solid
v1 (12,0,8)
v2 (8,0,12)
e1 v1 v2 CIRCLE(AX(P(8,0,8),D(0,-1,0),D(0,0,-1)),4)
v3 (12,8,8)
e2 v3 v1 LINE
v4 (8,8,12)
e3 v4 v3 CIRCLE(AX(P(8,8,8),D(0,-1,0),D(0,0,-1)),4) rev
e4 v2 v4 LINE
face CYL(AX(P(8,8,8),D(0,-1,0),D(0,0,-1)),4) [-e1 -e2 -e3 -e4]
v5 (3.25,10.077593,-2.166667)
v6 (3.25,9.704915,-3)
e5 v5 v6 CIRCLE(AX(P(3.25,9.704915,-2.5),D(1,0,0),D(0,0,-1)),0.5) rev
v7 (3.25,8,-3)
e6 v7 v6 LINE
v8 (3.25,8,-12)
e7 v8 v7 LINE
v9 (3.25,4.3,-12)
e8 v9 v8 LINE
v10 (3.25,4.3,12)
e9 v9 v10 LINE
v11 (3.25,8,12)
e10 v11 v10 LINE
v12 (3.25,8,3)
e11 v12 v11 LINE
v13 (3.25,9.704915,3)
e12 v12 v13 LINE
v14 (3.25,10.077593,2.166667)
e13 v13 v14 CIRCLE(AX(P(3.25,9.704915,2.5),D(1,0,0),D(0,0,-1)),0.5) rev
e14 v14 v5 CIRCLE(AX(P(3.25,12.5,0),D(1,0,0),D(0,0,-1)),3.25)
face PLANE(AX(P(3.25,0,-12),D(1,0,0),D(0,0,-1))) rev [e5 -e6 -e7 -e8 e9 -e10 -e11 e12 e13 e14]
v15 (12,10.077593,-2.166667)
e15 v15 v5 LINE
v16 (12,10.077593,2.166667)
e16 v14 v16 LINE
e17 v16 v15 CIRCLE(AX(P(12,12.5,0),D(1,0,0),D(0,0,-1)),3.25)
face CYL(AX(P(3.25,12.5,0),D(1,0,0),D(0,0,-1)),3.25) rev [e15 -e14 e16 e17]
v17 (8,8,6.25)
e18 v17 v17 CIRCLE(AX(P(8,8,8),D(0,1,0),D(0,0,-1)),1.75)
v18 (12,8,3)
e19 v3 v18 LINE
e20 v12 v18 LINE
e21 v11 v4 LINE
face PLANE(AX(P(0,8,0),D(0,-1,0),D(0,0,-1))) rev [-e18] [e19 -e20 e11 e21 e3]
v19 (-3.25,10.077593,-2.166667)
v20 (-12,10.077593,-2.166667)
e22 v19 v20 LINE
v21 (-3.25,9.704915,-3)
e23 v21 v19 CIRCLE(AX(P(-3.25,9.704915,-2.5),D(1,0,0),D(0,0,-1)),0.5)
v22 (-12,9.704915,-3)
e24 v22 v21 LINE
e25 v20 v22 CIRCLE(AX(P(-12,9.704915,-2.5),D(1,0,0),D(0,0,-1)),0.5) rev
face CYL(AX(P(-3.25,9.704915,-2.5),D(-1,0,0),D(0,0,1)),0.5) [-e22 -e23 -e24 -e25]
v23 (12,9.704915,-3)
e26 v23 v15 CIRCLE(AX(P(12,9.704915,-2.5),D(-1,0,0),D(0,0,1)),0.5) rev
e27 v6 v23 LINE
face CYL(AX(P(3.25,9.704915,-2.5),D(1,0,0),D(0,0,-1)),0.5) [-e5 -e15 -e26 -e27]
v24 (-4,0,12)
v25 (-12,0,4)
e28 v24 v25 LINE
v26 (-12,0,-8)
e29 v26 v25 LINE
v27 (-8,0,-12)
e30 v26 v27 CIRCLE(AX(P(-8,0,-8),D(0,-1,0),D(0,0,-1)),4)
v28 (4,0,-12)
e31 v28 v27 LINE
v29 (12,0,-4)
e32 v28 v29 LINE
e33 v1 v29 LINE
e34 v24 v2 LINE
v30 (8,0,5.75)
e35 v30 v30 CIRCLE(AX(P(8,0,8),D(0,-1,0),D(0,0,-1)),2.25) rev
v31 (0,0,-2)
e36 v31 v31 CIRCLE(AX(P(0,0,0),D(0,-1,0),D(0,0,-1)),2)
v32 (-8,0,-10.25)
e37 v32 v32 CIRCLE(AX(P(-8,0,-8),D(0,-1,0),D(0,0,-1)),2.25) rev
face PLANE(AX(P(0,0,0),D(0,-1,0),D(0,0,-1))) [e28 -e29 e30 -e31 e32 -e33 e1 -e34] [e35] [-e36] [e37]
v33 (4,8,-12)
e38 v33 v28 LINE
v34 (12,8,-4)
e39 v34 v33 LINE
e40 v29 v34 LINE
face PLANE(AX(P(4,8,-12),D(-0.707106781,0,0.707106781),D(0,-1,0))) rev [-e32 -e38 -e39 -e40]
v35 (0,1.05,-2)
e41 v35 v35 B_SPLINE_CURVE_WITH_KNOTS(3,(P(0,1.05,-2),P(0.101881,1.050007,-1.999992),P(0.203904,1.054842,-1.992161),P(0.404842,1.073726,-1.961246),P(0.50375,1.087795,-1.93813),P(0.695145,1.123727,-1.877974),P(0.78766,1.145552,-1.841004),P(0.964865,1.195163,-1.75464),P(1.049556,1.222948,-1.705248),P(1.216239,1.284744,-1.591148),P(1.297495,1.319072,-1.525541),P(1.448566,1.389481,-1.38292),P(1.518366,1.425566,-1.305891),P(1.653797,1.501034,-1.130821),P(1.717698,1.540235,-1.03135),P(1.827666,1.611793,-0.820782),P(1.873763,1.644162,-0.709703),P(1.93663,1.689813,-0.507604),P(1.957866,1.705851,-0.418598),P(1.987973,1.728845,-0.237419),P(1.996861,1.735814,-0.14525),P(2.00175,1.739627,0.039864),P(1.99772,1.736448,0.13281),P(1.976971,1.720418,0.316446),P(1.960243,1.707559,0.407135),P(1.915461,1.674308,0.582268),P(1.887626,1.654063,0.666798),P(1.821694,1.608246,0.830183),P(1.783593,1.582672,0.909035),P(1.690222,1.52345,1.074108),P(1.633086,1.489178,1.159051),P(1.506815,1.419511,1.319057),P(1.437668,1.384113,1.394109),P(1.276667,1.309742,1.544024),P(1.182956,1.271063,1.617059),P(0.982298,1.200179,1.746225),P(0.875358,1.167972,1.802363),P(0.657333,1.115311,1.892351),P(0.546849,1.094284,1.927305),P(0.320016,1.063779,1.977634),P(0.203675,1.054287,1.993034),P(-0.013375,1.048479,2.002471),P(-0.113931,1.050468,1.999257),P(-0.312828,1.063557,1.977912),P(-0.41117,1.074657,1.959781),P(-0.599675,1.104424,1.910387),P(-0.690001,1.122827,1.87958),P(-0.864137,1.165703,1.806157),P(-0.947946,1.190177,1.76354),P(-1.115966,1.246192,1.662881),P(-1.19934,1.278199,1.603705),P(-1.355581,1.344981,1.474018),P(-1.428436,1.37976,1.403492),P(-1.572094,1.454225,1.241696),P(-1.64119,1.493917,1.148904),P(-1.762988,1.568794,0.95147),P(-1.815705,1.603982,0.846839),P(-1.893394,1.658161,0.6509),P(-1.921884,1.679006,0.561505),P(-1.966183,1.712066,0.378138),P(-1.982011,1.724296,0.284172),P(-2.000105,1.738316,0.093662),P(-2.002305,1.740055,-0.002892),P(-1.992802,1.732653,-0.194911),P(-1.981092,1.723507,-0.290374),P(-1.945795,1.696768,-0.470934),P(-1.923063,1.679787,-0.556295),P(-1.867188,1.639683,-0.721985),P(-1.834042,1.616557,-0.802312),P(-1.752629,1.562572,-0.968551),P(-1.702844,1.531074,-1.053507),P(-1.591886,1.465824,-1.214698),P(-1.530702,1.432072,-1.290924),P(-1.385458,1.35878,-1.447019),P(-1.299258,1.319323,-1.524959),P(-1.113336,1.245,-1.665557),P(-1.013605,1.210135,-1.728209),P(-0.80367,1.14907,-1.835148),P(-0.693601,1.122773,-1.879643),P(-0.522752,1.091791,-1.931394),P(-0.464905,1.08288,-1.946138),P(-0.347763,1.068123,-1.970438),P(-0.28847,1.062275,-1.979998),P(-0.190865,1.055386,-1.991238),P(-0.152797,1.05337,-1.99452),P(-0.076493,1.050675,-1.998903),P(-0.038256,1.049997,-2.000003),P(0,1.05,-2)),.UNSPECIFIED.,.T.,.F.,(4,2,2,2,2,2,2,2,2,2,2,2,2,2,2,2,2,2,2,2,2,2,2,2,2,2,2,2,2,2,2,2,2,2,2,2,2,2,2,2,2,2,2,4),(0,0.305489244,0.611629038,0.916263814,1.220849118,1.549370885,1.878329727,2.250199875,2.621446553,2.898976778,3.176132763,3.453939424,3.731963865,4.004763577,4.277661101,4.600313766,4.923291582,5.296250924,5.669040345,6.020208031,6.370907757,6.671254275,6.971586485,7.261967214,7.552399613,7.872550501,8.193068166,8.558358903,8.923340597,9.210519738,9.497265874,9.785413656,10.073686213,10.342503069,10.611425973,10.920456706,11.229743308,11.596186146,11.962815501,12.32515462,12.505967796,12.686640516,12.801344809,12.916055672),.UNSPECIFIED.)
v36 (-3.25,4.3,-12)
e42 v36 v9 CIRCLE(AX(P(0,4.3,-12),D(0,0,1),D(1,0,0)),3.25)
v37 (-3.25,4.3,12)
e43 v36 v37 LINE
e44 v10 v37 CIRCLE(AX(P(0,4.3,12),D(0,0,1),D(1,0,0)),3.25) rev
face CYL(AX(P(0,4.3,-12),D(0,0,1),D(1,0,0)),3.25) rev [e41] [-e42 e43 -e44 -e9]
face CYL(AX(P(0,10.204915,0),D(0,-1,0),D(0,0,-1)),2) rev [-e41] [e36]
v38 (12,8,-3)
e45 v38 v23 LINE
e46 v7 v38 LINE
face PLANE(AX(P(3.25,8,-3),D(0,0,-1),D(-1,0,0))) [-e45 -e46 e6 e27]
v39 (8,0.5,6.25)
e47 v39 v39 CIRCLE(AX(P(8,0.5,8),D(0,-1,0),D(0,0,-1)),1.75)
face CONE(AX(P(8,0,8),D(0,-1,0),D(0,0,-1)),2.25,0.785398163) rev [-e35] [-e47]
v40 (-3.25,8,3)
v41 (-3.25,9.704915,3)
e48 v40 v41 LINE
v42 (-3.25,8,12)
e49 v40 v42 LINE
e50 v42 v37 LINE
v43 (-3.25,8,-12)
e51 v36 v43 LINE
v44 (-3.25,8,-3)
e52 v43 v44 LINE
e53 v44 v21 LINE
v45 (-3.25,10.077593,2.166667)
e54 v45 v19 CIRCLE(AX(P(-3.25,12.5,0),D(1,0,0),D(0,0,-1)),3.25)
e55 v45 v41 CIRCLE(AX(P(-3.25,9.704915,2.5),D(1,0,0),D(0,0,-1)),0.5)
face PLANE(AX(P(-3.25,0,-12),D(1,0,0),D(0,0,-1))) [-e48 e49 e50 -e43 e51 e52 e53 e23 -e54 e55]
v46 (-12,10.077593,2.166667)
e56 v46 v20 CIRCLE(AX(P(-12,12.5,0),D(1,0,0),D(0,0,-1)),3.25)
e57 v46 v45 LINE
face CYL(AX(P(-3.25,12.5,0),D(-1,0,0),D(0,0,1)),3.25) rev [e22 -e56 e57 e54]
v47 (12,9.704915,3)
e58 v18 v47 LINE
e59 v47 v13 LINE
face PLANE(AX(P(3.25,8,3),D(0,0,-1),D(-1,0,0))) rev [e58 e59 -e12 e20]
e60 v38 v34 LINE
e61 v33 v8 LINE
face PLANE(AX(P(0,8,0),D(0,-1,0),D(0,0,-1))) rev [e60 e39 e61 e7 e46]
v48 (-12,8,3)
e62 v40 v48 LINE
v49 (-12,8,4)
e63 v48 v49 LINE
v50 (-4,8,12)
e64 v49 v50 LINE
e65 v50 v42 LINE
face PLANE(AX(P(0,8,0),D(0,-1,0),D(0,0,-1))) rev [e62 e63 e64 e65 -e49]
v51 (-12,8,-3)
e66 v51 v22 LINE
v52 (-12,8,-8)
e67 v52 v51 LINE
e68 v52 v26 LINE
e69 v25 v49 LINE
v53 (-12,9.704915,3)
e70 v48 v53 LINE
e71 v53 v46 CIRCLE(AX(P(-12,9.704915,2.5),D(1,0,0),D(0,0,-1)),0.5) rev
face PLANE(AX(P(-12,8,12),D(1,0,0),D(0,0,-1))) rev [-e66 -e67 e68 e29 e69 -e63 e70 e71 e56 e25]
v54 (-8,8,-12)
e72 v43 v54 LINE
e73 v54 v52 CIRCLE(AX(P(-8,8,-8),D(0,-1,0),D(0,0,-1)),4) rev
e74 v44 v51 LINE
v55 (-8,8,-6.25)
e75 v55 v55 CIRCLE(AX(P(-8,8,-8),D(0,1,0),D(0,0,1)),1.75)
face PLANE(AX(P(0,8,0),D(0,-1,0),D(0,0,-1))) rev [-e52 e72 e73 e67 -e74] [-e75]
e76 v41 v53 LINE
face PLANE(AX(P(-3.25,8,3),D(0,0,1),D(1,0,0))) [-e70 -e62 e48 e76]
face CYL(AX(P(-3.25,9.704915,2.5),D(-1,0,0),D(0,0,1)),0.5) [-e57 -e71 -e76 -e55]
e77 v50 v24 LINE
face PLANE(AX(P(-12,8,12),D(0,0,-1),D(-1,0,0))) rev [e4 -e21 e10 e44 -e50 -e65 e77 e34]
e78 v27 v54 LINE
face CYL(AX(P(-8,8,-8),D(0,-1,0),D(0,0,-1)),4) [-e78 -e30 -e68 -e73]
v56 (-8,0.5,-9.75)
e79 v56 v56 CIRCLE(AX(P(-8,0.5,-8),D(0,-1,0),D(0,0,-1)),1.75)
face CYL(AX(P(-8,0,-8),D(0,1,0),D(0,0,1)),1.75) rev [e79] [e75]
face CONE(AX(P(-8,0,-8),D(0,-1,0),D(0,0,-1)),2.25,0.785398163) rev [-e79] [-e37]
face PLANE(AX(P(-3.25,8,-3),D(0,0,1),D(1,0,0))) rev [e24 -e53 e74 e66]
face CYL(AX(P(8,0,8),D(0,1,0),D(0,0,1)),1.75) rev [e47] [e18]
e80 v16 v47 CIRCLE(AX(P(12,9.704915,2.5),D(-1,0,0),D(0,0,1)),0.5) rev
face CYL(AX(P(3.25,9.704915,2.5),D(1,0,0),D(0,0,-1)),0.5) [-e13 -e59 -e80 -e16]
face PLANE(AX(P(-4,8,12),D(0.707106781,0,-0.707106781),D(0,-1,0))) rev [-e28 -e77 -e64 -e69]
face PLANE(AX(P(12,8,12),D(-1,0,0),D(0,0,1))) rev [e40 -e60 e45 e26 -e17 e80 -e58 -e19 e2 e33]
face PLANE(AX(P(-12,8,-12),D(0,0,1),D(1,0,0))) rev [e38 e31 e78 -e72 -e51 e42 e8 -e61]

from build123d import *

# Parameters (mm, degrees)
SKETCH_1_W               = 24
SKETCH_1_H               = 24
EXTRUDE_1_DEPTH          = 8
SKETCH_2_R               = 3.25
SKETCH_2_W               = 6.5
SKETCH_2_H               = 3.7
CUT_EXTRUDE_1_DEPTH      = 1
CUT_EXTRUDE_1_DEPTH_BACK = 25
EXTRUDE_2_DEPTH          = 8.75
SKETCH_5_R               = 1.75
CUT_EXTRUDE_3_DEPTH      = 9
CHAMFER_1_SIZE           = 8
FILLET_1_R               = 4
FILLET_2_R               = 0.5
SKETCH_9_R               = 2
CUT_EXTRUDE_4_DEPTH      = 11.204915028
CHAMFER_3_SIZE           = 0.5


with BuildPart() as part:
    # 草图1 → 凸台-拉伸1 (new body)
    with BuildSketch(Plane(origin=(0, 0, 0), x_dir=(1, 0, 0), z_dir=(0, 1, 0))):
        Rectangle(SKETCH_1_W, SKETCH_1_H)
    extrude(amount=EXTRUDE_1_DEPTH)

    # 草图2 → 切除-拉伸1 (cut, two sides)
    with BuildSketch(Plane.XY.offset(12)) as cut_extrude_1_sk:
        with Locations((0, 4.3)):
            Circle(SKETCH_2_R)
        with Locations((0, 6.15)):
            Rectangle(SKETCH_2_W, SKETCH_2_H)
    extrude(amount=CUT_EXTRUDE_1_DEPTH, mode=Mode.SUBTRACT)
    extrude(cut_extrude_1_sk.sketch, amount=-CUT_EXTRUDE_1_DEPTH_BACK, mode=Mode.SUBTRACT)

    # 草图4 → 凸台-拉伸2 (add)
    with BuildSketch(Plane(origin=(12, 0, 0), x_dir=(0, 0, -1), z_dir=(1, 0, 0))):
        with BuildLine():
            Line((-3, 8), (3, 8))
            Line((3, 8), (3, 11.25))
            ThreePointArc((3, 11.25), (0, 9.25), (-3, 11.25))
            Line((-3, 11.25), (-3, 8))
        make_face()
    extrude_2 = extrude(amount=-EXTRUDE_2_DEPTH)

    # 镜向2: 凸台-拉伸2 across plane
    add(extrude_2.mirror(Plane(origin=(0, 0, 0), x_dir=(0, 0, 1), z_dir=(1, 0, 0))))

    # 草图5 → 切除-拉伸3 (cut, through all)
    with BuildSketch(Plane(origin=(0, 8, 0), x_dir=(1, 0, 0), z_dir=(0, 1, 0))):
        with Locations((-8, 8)):
            Circle(SKETCH_5_R)
        with Locations((8, -8)):
            Circle(SKETCH_5_R)
    extrude(amount=-CUT_EXTRUDE_3_DEPTH, mode=Mode.SUBTRACT)

    # 倒角1
    chamfer_1_edges = [part.edges().sort_by_distance(p)[0] for p in [
        (-12, 4, 12),
        (12, 4, -12),
    ]]
    chamfer(chamfer_1_edges, length=CHAMFER_1_SIZE)

    # 圆角1
    fillet_1_edges = [part.edges().sort_by_distance(p)[0] for p in [
        (12, 4, 12),
        (-12, 4, -12),
    ]]
    fillet(fillet_1_edges, radius=FILLET_1_R)

    # 圆角2
    fillet_2_edges = [part.edges().sort_by_distance(p)[0] for p in [
        (7.625, 11.25, 3),
        (7.625, 11.25, -3),
        (-7.625, 11.25, -3),
        (-7.625, 11.25, 3),
    ]]
    fillet(fillet_2_edges, radius=FILLET_2_R)

    # 草图9 → 切除-拉伸4 (cut, through all)
    with BuildSketch(Plane.XZ):
        Circle(SKETCH_9_R)
    extrude(amount=-CUT_EXTRUDE_4_DEPTH, mode=Mode.SUBTRACT)

    # 倒角3
    chamfer_3_edges = [part.edges().sort_by_distance(p)[0] for p in [
        (-9.75, 0, -8),
        (6.25, 0, 8),
    ]]
    chamfer(chamfer_3_edges, length=CHAMFER_3_SIZE)


solid = part.part
